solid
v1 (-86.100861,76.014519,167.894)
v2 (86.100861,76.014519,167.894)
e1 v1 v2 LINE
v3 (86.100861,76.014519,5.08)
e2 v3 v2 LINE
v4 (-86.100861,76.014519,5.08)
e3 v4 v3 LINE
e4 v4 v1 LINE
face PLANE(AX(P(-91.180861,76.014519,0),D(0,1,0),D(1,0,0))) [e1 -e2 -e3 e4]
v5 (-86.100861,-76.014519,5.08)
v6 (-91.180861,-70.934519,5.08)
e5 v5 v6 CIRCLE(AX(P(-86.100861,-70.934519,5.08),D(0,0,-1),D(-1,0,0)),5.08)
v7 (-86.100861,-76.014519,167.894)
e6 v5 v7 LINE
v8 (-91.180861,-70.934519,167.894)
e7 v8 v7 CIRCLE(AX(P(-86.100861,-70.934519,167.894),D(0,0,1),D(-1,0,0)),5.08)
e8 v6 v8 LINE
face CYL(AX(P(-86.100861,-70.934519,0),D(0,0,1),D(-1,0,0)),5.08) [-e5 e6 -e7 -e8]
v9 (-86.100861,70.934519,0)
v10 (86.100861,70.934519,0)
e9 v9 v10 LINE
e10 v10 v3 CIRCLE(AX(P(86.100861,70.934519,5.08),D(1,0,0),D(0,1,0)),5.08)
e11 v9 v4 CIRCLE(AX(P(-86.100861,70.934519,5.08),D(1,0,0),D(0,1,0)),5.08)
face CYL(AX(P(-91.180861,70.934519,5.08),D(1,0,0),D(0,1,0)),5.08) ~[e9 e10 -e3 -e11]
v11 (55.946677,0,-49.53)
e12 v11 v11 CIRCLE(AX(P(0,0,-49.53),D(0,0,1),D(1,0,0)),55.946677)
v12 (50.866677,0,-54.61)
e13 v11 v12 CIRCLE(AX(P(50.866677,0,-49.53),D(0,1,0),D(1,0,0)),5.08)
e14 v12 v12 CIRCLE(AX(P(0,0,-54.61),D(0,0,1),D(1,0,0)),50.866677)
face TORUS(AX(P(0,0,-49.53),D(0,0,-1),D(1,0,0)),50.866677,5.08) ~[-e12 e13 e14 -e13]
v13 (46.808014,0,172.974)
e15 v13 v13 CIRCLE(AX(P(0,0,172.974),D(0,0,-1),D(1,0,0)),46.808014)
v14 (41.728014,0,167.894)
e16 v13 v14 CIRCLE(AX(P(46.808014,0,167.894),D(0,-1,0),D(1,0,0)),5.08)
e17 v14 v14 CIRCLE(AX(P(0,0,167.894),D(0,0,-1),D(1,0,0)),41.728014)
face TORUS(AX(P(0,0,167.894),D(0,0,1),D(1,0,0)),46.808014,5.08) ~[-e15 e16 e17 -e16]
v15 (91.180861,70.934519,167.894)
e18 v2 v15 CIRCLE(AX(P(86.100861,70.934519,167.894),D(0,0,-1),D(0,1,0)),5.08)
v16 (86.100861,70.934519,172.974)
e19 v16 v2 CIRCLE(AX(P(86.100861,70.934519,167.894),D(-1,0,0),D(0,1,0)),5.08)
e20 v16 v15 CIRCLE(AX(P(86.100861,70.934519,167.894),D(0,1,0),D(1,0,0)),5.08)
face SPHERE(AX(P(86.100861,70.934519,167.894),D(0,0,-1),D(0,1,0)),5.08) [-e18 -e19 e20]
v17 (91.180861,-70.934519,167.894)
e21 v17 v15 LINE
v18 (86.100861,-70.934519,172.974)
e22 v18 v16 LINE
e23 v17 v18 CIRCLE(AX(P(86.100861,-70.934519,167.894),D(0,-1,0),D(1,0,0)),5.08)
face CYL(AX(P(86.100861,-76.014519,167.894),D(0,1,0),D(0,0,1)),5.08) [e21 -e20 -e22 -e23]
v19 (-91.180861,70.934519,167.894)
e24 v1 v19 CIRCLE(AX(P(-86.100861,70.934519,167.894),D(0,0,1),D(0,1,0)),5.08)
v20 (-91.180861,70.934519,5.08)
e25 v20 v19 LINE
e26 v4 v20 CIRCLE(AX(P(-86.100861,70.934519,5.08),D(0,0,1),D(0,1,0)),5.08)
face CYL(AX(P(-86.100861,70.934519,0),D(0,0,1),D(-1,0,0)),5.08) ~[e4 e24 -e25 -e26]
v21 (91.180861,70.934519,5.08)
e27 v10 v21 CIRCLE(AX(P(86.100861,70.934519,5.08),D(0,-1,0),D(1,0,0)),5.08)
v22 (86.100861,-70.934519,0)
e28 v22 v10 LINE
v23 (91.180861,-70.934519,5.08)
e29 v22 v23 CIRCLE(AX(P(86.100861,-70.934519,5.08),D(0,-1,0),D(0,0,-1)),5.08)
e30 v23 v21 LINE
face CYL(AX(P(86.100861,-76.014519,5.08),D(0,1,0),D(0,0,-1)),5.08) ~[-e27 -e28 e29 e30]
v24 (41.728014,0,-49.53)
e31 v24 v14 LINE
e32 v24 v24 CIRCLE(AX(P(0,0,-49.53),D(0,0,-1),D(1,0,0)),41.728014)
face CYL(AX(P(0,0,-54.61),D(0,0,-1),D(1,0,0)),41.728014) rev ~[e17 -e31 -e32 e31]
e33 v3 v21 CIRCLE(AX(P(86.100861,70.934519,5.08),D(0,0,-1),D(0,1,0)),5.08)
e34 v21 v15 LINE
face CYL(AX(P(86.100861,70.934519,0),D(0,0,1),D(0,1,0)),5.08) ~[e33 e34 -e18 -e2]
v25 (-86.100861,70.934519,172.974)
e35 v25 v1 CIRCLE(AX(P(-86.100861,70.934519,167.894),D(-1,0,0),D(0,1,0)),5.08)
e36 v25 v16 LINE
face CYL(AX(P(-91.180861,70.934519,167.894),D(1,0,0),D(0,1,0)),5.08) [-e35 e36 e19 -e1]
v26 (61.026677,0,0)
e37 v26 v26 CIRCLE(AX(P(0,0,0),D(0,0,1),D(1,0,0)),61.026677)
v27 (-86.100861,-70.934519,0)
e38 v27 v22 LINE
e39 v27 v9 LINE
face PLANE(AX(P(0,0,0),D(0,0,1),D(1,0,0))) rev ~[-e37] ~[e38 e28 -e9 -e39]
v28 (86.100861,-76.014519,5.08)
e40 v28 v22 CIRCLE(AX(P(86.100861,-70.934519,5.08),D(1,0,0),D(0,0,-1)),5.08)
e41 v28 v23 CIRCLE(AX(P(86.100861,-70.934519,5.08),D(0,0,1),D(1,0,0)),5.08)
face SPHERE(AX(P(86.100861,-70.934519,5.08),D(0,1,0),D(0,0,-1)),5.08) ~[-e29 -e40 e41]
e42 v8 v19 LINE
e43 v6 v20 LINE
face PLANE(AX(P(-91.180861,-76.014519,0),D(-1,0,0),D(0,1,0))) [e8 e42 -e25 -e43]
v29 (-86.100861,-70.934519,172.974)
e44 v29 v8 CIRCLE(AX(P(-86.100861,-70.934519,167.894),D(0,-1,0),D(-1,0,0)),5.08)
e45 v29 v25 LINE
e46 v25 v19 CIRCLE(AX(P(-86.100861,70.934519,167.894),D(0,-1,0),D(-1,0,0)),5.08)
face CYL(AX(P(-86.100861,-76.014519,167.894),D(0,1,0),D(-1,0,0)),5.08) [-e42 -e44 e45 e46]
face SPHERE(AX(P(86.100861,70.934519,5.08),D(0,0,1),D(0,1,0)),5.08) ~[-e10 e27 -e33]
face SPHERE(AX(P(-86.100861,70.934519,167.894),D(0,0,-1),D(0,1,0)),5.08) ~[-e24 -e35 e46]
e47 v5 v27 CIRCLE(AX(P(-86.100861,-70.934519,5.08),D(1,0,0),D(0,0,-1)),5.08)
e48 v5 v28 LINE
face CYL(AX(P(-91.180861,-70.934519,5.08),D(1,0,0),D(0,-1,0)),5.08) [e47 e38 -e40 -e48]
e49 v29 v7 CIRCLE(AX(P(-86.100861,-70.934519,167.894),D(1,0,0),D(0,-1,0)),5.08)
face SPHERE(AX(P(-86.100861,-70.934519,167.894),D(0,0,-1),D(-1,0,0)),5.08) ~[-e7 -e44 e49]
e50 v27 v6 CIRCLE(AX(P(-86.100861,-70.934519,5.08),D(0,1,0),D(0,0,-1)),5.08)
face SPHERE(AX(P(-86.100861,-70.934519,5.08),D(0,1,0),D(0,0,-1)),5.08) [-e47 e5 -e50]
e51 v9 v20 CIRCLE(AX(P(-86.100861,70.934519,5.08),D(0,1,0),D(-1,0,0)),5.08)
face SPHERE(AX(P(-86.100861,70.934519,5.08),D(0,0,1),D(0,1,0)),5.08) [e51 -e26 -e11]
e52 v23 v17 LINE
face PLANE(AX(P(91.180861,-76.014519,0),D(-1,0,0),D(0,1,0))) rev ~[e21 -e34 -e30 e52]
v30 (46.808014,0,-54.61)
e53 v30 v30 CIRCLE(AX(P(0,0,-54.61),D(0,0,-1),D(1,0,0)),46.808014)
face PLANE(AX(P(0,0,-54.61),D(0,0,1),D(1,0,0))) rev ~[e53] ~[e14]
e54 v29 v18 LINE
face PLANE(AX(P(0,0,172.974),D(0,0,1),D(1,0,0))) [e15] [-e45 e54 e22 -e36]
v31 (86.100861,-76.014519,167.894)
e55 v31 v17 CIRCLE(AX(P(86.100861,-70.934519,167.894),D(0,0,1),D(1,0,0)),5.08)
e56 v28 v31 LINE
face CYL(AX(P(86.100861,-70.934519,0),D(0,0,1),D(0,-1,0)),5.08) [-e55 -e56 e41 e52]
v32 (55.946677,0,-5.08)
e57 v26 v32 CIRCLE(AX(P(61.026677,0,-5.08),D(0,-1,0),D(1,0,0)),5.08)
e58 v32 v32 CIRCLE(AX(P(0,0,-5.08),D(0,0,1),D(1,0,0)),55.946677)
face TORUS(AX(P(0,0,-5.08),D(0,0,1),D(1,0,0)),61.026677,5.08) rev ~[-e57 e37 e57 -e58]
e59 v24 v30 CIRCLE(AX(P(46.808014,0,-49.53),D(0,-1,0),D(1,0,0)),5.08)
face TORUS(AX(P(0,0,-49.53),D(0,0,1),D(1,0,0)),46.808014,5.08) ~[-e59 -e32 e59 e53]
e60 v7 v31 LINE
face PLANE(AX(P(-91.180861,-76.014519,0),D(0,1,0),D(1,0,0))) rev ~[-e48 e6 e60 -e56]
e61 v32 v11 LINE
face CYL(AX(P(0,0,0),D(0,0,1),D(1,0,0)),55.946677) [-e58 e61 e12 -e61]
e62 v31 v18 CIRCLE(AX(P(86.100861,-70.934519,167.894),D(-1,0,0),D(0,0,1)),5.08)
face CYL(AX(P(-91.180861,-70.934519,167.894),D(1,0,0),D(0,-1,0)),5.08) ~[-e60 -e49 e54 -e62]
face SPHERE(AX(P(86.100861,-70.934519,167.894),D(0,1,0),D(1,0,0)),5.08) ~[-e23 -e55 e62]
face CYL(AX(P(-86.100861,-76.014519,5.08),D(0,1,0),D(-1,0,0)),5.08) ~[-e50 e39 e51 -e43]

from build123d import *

# Parameters (mm, degrees)
F0_W     = 182.3617219925
F0_H     = 152.0290374756
F1_DEPTH = 172.974
F2_R     = 55.9466772096
F3_DEPTH = 54.61
F4_R     = 41.7280141722
F5_DEPTH = 271.272
F6_R     = 5.08


with BuildPart() as f1:
    # F0 (on Top) → F1 (new body)
    with BuildSketch(Plane.XY):
        Rectangle(F0_W, F0_H)
    extrude(amount=F1_DEPTH)

    # F2 (on Top) → F3 (join)
    with BuildSketch(Plane.XY):
        Circle(F2_R)
    extrude(amount=-F3_DEPTH)

    # F4 (on face) → F5 (cut)
    with BuildSketch(Plane(origin=(0, 0, -54.61), x_dir=(1, 0, 0), z_dir=(0, 0, -1))):
        Circle(F4_R)
    extrude(amount=-F5_DEPTH, mode=Mode.SUBTRACT)

    # F6
    f6_edges = [f1.edges().sort_by_distance(p)[0] for p in [
        (91.180861, 76.014519, 86.487),
        (-91.180861, 76.014519, 86.487),
        (0, 76.014519, 0),
        (0, 76.014519, 172.974),
        (91.180861, 0, 0),
        (-91.180861, 0, 0),
        (0, -76.014519, 0),
        (-55.946677, 0, 0),
        (-91.180861, -76.014519, 86.487),
        (-91.180861, 0, 172.974),
        (55.946677, 0, -27.305),
        (-55.946677, 0, -54.61),
        (-41.728014, 0, -54.61),
        (41.728014, 0, 59.182),
        (-41.728014, 0, 172.974),
        (91.180861, 0, 172.974),
        (91.180861, -76.014519, 86.487),
        (0, -76.014519, 172.974),
    ]]
    fillet(f6_edges, radius=F6_R)


solid = f1.part
